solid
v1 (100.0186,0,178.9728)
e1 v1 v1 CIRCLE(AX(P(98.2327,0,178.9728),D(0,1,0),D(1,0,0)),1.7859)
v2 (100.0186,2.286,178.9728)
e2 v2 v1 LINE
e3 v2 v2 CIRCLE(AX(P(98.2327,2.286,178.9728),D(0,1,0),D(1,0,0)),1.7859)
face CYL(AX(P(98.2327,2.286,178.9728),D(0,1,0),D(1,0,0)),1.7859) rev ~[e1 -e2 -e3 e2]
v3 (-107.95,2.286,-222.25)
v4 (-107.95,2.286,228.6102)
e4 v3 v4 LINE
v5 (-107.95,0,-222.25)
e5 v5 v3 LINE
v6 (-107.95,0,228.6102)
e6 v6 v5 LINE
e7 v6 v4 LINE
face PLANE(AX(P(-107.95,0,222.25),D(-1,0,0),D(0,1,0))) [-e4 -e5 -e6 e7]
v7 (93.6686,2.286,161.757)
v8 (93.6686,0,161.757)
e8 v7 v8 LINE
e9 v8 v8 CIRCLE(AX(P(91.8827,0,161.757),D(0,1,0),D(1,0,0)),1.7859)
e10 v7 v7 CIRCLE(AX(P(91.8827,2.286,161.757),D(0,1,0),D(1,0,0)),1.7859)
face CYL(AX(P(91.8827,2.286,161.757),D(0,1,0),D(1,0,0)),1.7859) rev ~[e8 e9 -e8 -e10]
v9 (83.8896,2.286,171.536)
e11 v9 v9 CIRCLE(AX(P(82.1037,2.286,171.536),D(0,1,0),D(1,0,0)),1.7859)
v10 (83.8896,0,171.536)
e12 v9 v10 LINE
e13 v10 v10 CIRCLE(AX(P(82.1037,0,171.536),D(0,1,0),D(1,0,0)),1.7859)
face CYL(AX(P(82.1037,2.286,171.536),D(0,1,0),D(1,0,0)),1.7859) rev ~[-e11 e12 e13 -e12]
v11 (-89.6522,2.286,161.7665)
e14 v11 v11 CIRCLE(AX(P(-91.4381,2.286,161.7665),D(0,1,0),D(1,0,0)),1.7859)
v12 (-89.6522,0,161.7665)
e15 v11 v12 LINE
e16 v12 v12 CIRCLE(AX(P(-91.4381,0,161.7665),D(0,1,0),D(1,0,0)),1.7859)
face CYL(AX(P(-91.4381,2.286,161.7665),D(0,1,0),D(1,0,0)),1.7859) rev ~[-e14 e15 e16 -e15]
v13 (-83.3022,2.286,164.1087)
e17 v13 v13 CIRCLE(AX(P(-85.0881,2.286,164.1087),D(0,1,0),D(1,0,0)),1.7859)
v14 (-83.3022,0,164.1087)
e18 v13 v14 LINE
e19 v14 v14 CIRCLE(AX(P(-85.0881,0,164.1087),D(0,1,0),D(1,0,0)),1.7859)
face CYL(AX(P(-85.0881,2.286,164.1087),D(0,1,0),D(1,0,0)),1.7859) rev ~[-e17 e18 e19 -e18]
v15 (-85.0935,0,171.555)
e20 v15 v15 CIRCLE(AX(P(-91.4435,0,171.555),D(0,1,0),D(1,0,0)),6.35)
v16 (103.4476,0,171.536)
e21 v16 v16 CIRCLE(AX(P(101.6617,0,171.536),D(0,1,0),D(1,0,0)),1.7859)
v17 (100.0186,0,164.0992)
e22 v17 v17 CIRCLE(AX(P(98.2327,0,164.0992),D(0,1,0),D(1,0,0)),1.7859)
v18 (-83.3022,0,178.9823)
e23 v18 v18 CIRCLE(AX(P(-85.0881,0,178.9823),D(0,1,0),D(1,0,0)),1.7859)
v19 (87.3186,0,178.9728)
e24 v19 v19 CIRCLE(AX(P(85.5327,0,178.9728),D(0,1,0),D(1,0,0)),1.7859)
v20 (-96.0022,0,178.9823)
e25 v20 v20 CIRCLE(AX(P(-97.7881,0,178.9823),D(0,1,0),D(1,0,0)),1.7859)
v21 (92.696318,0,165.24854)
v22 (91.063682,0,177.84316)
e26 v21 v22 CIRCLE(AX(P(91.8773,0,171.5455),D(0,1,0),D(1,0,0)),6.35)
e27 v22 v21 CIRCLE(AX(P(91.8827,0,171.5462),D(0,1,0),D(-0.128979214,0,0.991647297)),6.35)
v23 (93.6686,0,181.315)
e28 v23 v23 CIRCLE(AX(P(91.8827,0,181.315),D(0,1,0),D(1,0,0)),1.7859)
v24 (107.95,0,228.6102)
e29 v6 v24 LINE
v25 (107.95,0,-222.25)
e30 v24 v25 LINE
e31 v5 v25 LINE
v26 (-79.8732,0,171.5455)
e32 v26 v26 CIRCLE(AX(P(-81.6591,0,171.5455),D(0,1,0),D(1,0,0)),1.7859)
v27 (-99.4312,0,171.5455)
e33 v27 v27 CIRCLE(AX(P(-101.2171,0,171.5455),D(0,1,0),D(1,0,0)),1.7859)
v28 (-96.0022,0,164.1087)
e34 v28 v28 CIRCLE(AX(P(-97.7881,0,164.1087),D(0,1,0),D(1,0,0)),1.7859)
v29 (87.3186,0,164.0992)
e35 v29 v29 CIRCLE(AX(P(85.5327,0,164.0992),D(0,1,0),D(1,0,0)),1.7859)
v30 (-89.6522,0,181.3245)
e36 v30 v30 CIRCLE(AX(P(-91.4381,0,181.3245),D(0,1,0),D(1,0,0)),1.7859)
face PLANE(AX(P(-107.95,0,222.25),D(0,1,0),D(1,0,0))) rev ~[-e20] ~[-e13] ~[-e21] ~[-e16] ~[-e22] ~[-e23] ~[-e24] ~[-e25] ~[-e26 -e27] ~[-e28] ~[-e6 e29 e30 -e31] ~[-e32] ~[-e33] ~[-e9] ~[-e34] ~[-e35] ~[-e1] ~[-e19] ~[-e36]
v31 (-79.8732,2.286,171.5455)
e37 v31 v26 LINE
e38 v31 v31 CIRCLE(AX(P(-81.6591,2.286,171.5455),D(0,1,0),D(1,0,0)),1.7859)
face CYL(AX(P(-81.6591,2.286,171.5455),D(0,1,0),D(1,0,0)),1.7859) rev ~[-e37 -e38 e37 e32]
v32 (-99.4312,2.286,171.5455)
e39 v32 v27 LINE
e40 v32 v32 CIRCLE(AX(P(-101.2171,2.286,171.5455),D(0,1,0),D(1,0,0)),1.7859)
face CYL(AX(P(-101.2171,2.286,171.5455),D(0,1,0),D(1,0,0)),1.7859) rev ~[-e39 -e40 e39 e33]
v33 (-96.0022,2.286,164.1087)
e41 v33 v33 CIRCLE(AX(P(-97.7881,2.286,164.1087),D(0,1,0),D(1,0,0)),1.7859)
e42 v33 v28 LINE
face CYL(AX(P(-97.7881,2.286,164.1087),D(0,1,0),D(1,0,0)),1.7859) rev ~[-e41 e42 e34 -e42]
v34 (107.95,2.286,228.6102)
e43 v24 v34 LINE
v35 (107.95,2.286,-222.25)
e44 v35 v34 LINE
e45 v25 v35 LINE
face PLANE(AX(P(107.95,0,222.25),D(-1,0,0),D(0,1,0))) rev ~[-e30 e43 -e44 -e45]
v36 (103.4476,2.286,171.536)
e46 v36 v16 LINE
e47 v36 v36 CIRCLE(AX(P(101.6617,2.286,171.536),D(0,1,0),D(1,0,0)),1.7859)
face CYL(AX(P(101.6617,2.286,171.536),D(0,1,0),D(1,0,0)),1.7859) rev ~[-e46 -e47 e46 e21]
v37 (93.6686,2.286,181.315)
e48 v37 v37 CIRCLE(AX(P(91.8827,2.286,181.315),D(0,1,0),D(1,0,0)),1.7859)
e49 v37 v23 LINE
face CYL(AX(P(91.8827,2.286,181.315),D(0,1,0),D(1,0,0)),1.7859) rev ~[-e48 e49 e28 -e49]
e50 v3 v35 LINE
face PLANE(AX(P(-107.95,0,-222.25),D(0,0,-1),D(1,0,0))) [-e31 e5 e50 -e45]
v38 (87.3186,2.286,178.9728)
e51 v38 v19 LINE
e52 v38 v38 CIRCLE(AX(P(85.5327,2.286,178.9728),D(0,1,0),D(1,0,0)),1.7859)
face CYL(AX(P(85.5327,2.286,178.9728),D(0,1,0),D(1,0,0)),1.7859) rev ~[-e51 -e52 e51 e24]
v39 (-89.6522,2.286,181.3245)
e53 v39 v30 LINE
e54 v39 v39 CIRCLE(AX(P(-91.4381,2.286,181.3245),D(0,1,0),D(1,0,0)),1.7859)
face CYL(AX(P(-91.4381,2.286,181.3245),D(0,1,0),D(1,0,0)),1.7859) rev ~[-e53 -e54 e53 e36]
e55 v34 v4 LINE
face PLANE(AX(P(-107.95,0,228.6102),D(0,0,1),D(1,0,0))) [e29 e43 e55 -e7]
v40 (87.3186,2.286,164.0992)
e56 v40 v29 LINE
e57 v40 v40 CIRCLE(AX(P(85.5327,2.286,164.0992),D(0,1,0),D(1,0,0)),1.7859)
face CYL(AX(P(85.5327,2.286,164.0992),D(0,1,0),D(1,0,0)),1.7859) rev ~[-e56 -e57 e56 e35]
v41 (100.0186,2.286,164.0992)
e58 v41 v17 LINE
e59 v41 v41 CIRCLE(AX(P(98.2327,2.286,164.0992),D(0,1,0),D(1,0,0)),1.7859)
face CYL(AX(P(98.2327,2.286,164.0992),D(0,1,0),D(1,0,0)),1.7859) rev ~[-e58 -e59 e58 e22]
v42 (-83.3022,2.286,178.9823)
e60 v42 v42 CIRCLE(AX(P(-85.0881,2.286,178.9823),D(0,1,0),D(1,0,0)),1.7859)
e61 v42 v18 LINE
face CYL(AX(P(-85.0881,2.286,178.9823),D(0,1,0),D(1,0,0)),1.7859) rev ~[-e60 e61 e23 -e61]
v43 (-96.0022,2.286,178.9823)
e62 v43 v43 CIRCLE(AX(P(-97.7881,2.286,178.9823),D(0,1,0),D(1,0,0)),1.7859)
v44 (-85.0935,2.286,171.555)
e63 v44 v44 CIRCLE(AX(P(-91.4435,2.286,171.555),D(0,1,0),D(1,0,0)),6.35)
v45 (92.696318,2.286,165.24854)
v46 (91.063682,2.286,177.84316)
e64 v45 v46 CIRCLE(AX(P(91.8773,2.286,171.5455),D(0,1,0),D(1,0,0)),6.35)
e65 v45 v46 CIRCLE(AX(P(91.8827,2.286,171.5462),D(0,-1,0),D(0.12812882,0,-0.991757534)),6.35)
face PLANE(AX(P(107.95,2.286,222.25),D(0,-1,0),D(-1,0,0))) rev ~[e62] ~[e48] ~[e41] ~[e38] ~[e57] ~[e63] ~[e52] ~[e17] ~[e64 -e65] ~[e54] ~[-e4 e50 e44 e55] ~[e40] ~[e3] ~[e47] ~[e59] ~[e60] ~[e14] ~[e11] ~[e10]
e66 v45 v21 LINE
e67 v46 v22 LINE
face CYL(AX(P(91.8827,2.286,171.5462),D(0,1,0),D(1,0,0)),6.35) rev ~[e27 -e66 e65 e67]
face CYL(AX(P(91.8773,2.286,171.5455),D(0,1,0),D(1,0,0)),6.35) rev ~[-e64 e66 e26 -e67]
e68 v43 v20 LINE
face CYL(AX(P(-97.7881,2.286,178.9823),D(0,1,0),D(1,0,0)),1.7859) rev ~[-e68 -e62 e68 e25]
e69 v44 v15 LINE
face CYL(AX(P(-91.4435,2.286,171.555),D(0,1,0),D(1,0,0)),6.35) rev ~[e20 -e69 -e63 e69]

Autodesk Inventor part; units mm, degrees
ref_plane "YZ Plane" through (0, 0, 0) normal (1, 0, 0) x (0, 1, 0)
ref_plane "XZ Plane" through (0, 0, 0) normal (0, 1, 0) x (-1, 0, 0)
ref_plane "XY Plane" through (0, 0, 0) normal (0, 0, 1) x (1, 0, 0)
sketch "Sketch1" plane through (0, 0, 0) normal (0, 1, 0) x (-1, 0, 0)
  line L0 (-107.95, 222.25) -> (107.95, 222.25)
  line L1 (107.95, 222.25) -> (107.95, -222.25)
  line L2 (107.95, -222.25) -> (-107.95, -222.25)
  line L3 (-107.95, -222.25) -> (-107.95, 222.25)
  line L4 (-107.95, 222.25) -> (107.95, -222.25) construction
  line L5 (107.95, 222.25) -> (-107.95, -222.25) construction
  point P0 (0, 0)
  dimension "d0" = 215.9
  dimension "d1" = 444.5
extrude "Extrusion1" add sketch "Sketch1" along normal blind 2.286
sketch "Sketch2" plane through (0, 2.286, 0) normal (0, 1, 0) x (1, 0, 0)
  circle A0 centre (-91.4435, -171.555) radius 6.35
  circle A1 centre (91.8827, -171.5462) radius 6.35
  circle A2 centre (-91.4381, -181.3245) radius 1.7859
  circle A3 centre (-91.4381, -161.7665) radius 1.7859
  circle A4 centre (-81.6591, -171.5455) radius 1.7859
  circle A5 centre (-101.2171, -171.5455) radius 1.7859
  circle A6 centre (-97.7881, -164.1087) radius 1.7859
  circle A7 centre (-97.7881, -178.9823) radius 1.7859
  circle A8 centre (-85.0881, -164.1087) radius 1.7859
  circle A9 centre (-85.0881, -178.9823) radius 1.7859
  circle A10 centre (-91.4435, -171.555) radius 6.35
  circle A11 centre (-91.4381, -181.3245) radius 1.7859
  circle A12 centre (-91.4381, -161.7665) radius 1.7859
  circle A13 centre (-81.6591, -171.5455) radius 1.7859
  circle A14 centre (-101.2171, -171.5455) radius 1.7859
  circle A15 centre (-97.7881, -164.1087) radius 1.7859
  circle A16 centre (-97.7881, -178.9823) radius 1.7859
  circle A17 centre (-85.0881, -164.1087) radius 1.7859
  circle A18 centre (-85.0881, -178.9823) radius 1.7859
  circle A19 centre (91.8773, -171.5455) radius 6.35
  circle A20 centre (91.8827, -181.315) radius 1.7859
  circle A21 centre (91.8827, -161.757) radius 1.7859
  circle A22 centre (101.6617, -171.536) radius 1.7859
  circle A23 centre (82.1037, -171.536) radius 1.7859
  circle A24 centre (85.5327, -164.0992) radius 1.7859
  circle A25 centre (98.2327, -164.0992) radius 1.7859
  circle A26 centre (98.2327, -178.9728) radius 1.7859
  circle A27 centre (85.5327, -164.0992) radius 1.7859
  circle A28 centre (82.1037, -171.536) radius 1.7859
  circle A29 centre (85.5327, -178.9728) radius 1.7859
  point P0 (0, 0)
  point P1 (92.7251, -165.2523)
  point P2 (91.0349, -177.8394)
  point P3 (-91.4381, -183.1104)
  dimension "d32" = 3.5719
  dimension "d5" = 12.7
  dimension "d6" = 12.7
  dimension "d23" = 3.5719
  dimension "d24" = 3.5719
  dimension "d25" = 3.5719
  dimension "d26" = 3.5719
  dimension "d27" = 3.5719
  dimension "d28" = 3.5719
  dimension "d29" = 3.5719
  dimension "d30" = 3.5719
  dimension "d31" = 12.7
  dimension "d33" = 3.5719
  dimension "d34" = 3.5719
  dimension "d35" = 3.5719
  dimension "d36" = 3.5719
  dimension "d37" = 3.5719
  dimension "d38" = 3.5719
  dimension "d39" = 3.5719
  dimension "d49" = 12.7
  dimension "d50" = 3.5719
  dimension "d51" = 3.5719
  dimension "d52" = 3.5719
  dimension "d53" = 3.5719
  dimension "d54" = 3.5719
  dimension "d56" = 3.5719
  dimension "d57" = 3.5719
  dimension "d62" = 3.5719
  dimension "d63" = 3.5719
  dimension "d64" = 3.5719
extrude "Extrusion2" cut sketch "Sketch2" against normal blind 2.286
sketch "Sketch3" plane through (-107.95, 0, 222.25) normal (0, 0, 1) x (1, 0, 0)
  line L0 (215.9, 2.286) -> (0, 2.286) projected
  line L1 (0, 0) -> (0, 2.286) projected
  line L2 (215.9, 2.286) -> (0, 2.286)
  line L3 (0, 2.286) -> (0, 0)
  line L4 (0, 0) -> (215.9, 0)
  line L5 (215.9, 0) -> (215.9, 2.286)
  point P0 (107.95, 0)
extrude "Extrusion3" add sketch "Sketch3" along normal blind 6.3602
properties part number "baseplate"
